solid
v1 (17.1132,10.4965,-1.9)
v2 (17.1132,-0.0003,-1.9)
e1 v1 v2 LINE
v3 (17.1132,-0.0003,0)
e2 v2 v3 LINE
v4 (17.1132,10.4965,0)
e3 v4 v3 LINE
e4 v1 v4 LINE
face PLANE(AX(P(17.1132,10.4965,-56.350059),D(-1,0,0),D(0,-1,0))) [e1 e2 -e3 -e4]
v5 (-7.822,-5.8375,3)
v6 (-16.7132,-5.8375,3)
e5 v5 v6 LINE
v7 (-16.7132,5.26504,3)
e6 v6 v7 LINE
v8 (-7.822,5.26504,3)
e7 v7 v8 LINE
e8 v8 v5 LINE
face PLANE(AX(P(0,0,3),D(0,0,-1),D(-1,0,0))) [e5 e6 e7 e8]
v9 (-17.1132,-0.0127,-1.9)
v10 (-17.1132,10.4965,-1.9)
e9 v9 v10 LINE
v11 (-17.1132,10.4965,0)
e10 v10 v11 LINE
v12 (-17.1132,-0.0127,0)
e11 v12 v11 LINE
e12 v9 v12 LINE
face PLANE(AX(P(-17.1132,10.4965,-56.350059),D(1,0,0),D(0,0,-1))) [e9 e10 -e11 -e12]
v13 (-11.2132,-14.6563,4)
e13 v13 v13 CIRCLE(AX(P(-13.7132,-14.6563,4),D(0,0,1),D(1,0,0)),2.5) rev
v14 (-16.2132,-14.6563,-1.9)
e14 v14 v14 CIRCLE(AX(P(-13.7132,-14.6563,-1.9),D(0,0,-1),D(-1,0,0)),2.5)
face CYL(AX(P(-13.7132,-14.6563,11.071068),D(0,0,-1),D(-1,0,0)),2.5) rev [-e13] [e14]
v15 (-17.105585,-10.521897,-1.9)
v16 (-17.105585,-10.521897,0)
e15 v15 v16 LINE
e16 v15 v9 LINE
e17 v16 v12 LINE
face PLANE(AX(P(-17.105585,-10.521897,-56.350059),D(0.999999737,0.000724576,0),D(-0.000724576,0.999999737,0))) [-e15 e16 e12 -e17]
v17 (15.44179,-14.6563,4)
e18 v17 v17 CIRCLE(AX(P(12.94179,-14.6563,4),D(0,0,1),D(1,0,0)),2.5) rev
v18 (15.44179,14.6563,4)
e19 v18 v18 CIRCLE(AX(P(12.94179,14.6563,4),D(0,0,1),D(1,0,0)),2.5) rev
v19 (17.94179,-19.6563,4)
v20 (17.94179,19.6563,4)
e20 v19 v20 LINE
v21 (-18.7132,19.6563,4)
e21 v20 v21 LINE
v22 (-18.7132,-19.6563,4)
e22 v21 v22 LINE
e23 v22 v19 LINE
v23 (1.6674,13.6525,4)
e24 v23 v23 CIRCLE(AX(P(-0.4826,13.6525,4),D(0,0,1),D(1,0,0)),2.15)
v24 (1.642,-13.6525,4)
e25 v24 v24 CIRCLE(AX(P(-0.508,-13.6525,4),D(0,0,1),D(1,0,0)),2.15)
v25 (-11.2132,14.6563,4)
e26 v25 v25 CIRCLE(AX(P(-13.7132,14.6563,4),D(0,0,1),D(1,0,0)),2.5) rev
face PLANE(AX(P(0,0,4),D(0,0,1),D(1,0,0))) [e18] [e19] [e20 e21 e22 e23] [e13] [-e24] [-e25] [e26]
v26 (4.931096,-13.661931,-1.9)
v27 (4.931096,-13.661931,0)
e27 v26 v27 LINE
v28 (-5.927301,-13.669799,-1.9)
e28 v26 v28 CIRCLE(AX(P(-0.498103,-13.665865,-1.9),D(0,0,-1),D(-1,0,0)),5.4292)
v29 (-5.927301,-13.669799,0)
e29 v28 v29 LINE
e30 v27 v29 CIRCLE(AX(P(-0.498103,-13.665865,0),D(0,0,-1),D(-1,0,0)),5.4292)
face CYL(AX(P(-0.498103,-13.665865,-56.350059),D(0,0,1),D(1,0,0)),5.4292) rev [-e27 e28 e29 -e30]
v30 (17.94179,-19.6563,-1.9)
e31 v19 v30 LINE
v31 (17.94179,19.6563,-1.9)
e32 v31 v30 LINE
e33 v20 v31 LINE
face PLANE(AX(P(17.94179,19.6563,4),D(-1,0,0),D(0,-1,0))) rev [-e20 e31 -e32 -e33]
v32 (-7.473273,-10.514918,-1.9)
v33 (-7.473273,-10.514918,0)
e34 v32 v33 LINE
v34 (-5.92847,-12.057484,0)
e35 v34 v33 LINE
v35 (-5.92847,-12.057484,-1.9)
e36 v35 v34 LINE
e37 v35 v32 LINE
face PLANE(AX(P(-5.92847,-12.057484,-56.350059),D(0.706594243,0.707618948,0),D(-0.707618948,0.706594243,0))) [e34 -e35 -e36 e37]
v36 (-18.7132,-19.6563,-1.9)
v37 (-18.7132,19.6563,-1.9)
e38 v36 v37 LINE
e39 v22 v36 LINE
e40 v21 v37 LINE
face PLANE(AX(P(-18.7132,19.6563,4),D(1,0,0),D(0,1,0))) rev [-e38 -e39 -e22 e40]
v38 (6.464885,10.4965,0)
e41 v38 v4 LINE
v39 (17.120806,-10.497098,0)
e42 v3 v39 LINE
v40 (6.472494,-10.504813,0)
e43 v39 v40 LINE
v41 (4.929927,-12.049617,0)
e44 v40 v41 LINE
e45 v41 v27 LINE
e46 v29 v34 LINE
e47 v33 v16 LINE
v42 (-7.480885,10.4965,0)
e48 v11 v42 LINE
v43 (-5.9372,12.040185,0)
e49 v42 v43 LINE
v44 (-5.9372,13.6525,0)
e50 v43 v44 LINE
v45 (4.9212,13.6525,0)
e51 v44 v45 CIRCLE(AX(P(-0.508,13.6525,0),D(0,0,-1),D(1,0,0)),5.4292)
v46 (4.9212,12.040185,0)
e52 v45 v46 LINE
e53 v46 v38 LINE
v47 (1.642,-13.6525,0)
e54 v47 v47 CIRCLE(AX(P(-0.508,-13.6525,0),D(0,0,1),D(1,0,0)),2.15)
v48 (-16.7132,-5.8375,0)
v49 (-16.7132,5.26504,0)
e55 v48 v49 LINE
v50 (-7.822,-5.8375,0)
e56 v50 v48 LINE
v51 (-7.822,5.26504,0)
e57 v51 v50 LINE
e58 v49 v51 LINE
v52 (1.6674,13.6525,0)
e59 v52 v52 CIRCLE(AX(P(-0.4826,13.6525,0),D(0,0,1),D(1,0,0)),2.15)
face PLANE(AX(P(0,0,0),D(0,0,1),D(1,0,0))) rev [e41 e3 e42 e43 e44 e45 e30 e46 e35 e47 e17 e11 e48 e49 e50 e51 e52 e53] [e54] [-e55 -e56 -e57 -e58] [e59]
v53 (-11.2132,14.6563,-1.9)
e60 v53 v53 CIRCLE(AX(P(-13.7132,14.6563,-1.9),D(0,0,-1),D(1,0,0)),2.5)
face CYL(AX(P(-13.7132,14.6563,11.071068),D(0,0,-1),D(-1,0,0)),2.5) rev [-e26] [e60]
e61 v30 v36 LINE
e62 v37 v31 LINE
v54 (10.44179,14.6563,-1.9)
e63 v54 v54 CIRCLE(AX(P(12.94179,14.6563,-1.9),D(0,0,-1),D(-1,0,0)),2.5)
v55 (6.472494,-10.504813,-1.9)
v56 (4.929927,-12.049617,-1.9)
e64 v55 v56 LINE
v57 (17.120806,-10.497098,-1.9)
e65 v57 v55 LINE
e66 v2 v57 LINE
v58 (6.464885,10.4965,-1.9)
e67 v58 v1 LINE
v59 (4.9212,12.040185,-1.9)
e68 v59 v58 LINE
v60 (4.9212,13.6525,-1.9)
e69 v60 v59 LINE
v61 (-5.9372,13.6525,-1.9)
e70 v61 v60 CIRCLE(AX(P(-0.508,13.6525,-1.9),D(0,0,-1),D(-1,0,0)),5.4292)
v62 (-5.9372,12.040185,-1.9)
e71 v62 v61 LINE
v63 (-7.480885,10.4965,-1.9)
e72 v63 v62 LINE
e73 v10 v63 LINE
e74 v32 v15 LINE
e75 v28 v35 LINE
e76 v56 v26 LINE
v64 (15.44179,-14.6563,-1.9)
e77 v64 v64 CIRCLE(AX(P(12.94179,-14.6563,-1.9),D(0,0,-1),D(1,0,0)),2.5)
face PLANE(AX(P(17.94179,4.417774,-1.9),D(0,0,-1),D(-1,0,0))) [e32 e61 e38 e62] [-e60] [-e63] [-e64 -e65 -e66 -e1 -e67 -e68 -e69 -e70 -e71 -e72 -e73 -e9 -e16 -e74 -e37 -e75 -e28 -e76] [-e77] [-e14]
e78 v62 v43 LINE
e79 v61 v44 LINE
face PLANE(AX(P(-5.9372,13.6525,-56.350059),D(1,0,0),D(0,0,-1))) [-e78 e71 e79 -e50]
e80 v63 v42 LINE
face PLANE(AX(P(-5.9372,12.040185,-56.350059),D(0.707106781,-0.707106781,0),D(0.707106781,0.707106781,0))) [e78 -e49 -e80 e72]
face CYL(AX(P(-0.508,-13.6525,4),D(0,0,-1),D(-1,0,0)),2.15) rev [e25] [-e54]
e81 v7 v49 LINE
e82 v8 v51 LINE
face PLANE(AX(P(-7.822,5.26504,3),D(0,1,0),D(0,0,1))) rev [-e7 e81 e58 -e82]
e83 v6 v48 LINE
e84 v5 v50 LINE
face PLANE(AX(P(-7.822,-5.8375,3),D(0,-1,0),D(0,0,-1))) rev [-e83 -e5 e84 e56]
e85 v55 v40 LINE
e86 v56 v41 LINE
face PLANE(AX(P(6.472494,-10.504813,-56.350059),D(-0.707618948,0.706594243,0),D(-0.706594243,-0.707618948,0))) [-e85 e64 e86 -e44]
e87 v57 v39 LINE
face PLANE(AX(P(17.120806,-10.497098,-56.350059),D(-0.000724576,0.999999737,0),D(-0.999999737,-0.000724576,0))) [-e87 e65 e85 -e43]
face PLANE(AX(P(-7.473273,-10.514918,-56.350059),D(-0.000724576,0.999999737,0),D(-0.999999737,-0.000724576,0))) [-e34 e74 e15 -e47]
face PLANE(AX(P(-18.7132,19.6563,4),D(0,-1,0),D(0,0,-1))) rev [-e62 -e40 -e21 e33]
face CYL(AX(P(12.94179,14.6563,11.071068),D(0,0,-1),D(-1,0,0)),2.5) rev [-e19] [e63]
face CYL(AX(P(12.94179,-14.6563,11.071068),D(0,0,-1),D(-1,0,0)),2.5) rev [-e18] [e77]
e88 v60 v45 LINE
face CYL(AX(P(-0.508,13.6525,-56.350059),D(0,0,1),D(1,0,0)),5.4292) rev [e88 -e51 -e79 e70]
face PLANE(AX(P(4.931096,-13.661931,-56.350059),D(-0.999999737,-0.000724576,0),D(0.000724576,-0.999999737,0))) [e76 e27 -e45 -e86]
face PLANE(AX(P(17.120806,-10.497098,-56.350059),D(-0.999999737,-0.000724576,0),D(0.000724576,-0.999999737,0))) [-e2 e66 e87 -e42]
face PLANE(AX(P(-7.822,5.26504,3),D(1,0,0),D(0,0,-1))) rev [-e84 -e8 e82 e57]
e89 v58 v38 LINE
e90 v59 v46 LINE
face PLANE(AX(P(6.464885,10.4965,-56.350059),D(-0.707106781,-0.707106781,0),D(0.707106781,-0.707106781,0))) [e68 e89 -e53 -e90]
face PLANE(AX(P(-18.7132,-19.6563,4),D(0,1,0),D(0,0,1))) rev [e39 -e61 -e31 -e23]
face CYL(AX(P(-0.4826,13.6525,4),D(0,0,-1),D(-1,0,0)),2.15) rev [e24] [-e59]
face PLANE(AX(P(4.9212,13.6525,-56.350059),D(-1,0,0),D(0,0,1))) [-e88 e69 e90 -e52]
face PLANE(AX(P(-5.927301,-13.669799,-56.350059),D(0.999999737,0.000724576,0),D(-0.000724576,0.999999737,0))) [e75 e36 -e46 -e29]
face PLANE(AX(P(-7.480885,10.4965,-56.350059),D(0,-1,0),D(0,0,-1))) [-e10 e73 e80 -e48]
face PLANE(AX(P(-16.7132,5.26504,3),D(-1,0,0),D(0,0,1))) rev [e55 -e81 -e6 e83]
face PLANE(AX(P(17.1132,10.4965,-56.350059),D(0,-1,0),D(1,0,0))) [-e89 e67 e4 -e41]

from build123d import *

# Parameters (mm, degrees)
SKETCH1_W           = 36.654989836
SKETCH1_H           = 39.3126
SKETCH1_R           = 2.15
BOSS_EXTRUDE1_DEPTH = 4
SKETCH2_W           = 36.654989836
SKETCH2_H           = 39.3126
BOSS_EXTRUDE2_DEPTH = 1.900000015
SKETCH3_R           = 2.5
CUT_EXTRUDE1_DEPTH  = 5.900000015
SKETCH4_W           = 8.8912
SKETCH4_H           = 11.10254
CUT_EXTRUDE2_DEPTH  = 3


with BuildPart() as part:
    # Sketch1 → Boss-Extrude1 (new body)
    with BuildSketch(Plane.XY):
        with Locations((-0.385705082, 0)):
            Rectangle(SKETCH1_W, SKETCH1_H)
        with Locations((-0.4826, 13.6525)):
            Circle(SKETCH1_R, mode=Mode.SUBTRACT)
        with Locations((-0.508, -13.6525)):
            Circle(SKETCH1_R, mode=Mode.SUBTRACT)
    extrude(amount=BOSS_EXTRUDE1_DEPTH)

    # Sketch2 → Boss-Extrude2 (add)
    with BuildSketch(Plane(origin=(0, 0, 0), x_dir=(-1, 0, 0), z_dir=(0, 0, -1))):
        with Locations((0.385705082, 0)):
            Rectangle(SKETCH2_W, SKETCH2_H)
        with BuildLine():
            Line((-17.1132, 10.4965), (-6.464885425, 10.4965))
            Line((-6.464885425, 10.4965), (-4.9212, 12.040185425))
            Line((-4.9212, 12.040185425), (-4.9212, 13.6525))
            ThreePointArc((-4.9212, 13.6525), (0.508, 19.0817), (5.9372, 13.6525))
            Line((5.9372, 13.6525), (5.9372, 12.040185425))
            Line((5.9372, 12.040185425), (7.480885425, 10.4965))
            Line((7.480885425, 10.4965), (17.1132, 10.4965))
            Line((17.1132, 10.4965), (17.1132, -0.0127))
            Line((17.1132, -0.0127), (17.105585288, -10.521897241))
            Line((17.105585288, -10.521897241), (7.473273242, -10.514917899))
            Line((7.473273242, -10.514917899), (5.928469705, -12.057484402))
            Line((5.928469705, -12.057484402), (5.927301461, -13.669798554))
            ThreePointArc((5.927301461, -13.669798554), (0.494169019, -19.095063262), (-4.931095689, -13.66193082))
            Line((-4.931095689, -13.66193082), (-4.929927445, -12.049616668))
            Line((-4.929927445, -12.049616668), (-6.472493947, -10.504813132))
            Line((-6.472493947, -10.504813132), (-17.120805727, -10.497097621))
            Line((-17.120805727, -10.497097621), (-17.1132, -0.000300188))
            Line((-17.1132, -0.000300188), (-17.1132, 10.4965))
        make_face(mode=Mode.SUBTRACT)
    extrude(amount=BOSS_EXTRUDE2_DEPTH)

    # Sketch3 → Cut-Extrude1 (cut)
    with BuildSketch(Plane(origin=(0, 0, -1.900000015), x_dir=(-1, 0, 0), z_dir=(0, 0, -1))):
        with Locations((-12.941789836, 14.6563)):
            Circle(SKETCH3_R)
        with Locations(Location((13.7132, 14.6563, 0), (0, 0, 180))):
            Circle(SKETCH3_R)
        with Locations((13.7132, -14.6563)):
            Circle(SKETCH3_R)
        with Locations(Location((-12.941789836, -14.6563, 0), (0, 0, 180))):
            Circle(SKETCH3_R)
    extrude(amount=-CUT_EXTRUDE1_DEPTH, mode=Mode.SUBTRACT)

    # Sketch4 → Cut-Extrude2 (cut)
    with BuildSketch(Plane(origin=(0, 0, 0), x_dir=(-1, 0, 0), z_dir=(0, 0, -1))):
        with Locations((12.2676, -0.28623)):
            Rectangle(SKETCH4_W, SKETCH4_H)
    extrude(amount=-CUT_EXTRUDE2_DEPTH, mode=Mode.SUBTRACT)


solid = part.part
